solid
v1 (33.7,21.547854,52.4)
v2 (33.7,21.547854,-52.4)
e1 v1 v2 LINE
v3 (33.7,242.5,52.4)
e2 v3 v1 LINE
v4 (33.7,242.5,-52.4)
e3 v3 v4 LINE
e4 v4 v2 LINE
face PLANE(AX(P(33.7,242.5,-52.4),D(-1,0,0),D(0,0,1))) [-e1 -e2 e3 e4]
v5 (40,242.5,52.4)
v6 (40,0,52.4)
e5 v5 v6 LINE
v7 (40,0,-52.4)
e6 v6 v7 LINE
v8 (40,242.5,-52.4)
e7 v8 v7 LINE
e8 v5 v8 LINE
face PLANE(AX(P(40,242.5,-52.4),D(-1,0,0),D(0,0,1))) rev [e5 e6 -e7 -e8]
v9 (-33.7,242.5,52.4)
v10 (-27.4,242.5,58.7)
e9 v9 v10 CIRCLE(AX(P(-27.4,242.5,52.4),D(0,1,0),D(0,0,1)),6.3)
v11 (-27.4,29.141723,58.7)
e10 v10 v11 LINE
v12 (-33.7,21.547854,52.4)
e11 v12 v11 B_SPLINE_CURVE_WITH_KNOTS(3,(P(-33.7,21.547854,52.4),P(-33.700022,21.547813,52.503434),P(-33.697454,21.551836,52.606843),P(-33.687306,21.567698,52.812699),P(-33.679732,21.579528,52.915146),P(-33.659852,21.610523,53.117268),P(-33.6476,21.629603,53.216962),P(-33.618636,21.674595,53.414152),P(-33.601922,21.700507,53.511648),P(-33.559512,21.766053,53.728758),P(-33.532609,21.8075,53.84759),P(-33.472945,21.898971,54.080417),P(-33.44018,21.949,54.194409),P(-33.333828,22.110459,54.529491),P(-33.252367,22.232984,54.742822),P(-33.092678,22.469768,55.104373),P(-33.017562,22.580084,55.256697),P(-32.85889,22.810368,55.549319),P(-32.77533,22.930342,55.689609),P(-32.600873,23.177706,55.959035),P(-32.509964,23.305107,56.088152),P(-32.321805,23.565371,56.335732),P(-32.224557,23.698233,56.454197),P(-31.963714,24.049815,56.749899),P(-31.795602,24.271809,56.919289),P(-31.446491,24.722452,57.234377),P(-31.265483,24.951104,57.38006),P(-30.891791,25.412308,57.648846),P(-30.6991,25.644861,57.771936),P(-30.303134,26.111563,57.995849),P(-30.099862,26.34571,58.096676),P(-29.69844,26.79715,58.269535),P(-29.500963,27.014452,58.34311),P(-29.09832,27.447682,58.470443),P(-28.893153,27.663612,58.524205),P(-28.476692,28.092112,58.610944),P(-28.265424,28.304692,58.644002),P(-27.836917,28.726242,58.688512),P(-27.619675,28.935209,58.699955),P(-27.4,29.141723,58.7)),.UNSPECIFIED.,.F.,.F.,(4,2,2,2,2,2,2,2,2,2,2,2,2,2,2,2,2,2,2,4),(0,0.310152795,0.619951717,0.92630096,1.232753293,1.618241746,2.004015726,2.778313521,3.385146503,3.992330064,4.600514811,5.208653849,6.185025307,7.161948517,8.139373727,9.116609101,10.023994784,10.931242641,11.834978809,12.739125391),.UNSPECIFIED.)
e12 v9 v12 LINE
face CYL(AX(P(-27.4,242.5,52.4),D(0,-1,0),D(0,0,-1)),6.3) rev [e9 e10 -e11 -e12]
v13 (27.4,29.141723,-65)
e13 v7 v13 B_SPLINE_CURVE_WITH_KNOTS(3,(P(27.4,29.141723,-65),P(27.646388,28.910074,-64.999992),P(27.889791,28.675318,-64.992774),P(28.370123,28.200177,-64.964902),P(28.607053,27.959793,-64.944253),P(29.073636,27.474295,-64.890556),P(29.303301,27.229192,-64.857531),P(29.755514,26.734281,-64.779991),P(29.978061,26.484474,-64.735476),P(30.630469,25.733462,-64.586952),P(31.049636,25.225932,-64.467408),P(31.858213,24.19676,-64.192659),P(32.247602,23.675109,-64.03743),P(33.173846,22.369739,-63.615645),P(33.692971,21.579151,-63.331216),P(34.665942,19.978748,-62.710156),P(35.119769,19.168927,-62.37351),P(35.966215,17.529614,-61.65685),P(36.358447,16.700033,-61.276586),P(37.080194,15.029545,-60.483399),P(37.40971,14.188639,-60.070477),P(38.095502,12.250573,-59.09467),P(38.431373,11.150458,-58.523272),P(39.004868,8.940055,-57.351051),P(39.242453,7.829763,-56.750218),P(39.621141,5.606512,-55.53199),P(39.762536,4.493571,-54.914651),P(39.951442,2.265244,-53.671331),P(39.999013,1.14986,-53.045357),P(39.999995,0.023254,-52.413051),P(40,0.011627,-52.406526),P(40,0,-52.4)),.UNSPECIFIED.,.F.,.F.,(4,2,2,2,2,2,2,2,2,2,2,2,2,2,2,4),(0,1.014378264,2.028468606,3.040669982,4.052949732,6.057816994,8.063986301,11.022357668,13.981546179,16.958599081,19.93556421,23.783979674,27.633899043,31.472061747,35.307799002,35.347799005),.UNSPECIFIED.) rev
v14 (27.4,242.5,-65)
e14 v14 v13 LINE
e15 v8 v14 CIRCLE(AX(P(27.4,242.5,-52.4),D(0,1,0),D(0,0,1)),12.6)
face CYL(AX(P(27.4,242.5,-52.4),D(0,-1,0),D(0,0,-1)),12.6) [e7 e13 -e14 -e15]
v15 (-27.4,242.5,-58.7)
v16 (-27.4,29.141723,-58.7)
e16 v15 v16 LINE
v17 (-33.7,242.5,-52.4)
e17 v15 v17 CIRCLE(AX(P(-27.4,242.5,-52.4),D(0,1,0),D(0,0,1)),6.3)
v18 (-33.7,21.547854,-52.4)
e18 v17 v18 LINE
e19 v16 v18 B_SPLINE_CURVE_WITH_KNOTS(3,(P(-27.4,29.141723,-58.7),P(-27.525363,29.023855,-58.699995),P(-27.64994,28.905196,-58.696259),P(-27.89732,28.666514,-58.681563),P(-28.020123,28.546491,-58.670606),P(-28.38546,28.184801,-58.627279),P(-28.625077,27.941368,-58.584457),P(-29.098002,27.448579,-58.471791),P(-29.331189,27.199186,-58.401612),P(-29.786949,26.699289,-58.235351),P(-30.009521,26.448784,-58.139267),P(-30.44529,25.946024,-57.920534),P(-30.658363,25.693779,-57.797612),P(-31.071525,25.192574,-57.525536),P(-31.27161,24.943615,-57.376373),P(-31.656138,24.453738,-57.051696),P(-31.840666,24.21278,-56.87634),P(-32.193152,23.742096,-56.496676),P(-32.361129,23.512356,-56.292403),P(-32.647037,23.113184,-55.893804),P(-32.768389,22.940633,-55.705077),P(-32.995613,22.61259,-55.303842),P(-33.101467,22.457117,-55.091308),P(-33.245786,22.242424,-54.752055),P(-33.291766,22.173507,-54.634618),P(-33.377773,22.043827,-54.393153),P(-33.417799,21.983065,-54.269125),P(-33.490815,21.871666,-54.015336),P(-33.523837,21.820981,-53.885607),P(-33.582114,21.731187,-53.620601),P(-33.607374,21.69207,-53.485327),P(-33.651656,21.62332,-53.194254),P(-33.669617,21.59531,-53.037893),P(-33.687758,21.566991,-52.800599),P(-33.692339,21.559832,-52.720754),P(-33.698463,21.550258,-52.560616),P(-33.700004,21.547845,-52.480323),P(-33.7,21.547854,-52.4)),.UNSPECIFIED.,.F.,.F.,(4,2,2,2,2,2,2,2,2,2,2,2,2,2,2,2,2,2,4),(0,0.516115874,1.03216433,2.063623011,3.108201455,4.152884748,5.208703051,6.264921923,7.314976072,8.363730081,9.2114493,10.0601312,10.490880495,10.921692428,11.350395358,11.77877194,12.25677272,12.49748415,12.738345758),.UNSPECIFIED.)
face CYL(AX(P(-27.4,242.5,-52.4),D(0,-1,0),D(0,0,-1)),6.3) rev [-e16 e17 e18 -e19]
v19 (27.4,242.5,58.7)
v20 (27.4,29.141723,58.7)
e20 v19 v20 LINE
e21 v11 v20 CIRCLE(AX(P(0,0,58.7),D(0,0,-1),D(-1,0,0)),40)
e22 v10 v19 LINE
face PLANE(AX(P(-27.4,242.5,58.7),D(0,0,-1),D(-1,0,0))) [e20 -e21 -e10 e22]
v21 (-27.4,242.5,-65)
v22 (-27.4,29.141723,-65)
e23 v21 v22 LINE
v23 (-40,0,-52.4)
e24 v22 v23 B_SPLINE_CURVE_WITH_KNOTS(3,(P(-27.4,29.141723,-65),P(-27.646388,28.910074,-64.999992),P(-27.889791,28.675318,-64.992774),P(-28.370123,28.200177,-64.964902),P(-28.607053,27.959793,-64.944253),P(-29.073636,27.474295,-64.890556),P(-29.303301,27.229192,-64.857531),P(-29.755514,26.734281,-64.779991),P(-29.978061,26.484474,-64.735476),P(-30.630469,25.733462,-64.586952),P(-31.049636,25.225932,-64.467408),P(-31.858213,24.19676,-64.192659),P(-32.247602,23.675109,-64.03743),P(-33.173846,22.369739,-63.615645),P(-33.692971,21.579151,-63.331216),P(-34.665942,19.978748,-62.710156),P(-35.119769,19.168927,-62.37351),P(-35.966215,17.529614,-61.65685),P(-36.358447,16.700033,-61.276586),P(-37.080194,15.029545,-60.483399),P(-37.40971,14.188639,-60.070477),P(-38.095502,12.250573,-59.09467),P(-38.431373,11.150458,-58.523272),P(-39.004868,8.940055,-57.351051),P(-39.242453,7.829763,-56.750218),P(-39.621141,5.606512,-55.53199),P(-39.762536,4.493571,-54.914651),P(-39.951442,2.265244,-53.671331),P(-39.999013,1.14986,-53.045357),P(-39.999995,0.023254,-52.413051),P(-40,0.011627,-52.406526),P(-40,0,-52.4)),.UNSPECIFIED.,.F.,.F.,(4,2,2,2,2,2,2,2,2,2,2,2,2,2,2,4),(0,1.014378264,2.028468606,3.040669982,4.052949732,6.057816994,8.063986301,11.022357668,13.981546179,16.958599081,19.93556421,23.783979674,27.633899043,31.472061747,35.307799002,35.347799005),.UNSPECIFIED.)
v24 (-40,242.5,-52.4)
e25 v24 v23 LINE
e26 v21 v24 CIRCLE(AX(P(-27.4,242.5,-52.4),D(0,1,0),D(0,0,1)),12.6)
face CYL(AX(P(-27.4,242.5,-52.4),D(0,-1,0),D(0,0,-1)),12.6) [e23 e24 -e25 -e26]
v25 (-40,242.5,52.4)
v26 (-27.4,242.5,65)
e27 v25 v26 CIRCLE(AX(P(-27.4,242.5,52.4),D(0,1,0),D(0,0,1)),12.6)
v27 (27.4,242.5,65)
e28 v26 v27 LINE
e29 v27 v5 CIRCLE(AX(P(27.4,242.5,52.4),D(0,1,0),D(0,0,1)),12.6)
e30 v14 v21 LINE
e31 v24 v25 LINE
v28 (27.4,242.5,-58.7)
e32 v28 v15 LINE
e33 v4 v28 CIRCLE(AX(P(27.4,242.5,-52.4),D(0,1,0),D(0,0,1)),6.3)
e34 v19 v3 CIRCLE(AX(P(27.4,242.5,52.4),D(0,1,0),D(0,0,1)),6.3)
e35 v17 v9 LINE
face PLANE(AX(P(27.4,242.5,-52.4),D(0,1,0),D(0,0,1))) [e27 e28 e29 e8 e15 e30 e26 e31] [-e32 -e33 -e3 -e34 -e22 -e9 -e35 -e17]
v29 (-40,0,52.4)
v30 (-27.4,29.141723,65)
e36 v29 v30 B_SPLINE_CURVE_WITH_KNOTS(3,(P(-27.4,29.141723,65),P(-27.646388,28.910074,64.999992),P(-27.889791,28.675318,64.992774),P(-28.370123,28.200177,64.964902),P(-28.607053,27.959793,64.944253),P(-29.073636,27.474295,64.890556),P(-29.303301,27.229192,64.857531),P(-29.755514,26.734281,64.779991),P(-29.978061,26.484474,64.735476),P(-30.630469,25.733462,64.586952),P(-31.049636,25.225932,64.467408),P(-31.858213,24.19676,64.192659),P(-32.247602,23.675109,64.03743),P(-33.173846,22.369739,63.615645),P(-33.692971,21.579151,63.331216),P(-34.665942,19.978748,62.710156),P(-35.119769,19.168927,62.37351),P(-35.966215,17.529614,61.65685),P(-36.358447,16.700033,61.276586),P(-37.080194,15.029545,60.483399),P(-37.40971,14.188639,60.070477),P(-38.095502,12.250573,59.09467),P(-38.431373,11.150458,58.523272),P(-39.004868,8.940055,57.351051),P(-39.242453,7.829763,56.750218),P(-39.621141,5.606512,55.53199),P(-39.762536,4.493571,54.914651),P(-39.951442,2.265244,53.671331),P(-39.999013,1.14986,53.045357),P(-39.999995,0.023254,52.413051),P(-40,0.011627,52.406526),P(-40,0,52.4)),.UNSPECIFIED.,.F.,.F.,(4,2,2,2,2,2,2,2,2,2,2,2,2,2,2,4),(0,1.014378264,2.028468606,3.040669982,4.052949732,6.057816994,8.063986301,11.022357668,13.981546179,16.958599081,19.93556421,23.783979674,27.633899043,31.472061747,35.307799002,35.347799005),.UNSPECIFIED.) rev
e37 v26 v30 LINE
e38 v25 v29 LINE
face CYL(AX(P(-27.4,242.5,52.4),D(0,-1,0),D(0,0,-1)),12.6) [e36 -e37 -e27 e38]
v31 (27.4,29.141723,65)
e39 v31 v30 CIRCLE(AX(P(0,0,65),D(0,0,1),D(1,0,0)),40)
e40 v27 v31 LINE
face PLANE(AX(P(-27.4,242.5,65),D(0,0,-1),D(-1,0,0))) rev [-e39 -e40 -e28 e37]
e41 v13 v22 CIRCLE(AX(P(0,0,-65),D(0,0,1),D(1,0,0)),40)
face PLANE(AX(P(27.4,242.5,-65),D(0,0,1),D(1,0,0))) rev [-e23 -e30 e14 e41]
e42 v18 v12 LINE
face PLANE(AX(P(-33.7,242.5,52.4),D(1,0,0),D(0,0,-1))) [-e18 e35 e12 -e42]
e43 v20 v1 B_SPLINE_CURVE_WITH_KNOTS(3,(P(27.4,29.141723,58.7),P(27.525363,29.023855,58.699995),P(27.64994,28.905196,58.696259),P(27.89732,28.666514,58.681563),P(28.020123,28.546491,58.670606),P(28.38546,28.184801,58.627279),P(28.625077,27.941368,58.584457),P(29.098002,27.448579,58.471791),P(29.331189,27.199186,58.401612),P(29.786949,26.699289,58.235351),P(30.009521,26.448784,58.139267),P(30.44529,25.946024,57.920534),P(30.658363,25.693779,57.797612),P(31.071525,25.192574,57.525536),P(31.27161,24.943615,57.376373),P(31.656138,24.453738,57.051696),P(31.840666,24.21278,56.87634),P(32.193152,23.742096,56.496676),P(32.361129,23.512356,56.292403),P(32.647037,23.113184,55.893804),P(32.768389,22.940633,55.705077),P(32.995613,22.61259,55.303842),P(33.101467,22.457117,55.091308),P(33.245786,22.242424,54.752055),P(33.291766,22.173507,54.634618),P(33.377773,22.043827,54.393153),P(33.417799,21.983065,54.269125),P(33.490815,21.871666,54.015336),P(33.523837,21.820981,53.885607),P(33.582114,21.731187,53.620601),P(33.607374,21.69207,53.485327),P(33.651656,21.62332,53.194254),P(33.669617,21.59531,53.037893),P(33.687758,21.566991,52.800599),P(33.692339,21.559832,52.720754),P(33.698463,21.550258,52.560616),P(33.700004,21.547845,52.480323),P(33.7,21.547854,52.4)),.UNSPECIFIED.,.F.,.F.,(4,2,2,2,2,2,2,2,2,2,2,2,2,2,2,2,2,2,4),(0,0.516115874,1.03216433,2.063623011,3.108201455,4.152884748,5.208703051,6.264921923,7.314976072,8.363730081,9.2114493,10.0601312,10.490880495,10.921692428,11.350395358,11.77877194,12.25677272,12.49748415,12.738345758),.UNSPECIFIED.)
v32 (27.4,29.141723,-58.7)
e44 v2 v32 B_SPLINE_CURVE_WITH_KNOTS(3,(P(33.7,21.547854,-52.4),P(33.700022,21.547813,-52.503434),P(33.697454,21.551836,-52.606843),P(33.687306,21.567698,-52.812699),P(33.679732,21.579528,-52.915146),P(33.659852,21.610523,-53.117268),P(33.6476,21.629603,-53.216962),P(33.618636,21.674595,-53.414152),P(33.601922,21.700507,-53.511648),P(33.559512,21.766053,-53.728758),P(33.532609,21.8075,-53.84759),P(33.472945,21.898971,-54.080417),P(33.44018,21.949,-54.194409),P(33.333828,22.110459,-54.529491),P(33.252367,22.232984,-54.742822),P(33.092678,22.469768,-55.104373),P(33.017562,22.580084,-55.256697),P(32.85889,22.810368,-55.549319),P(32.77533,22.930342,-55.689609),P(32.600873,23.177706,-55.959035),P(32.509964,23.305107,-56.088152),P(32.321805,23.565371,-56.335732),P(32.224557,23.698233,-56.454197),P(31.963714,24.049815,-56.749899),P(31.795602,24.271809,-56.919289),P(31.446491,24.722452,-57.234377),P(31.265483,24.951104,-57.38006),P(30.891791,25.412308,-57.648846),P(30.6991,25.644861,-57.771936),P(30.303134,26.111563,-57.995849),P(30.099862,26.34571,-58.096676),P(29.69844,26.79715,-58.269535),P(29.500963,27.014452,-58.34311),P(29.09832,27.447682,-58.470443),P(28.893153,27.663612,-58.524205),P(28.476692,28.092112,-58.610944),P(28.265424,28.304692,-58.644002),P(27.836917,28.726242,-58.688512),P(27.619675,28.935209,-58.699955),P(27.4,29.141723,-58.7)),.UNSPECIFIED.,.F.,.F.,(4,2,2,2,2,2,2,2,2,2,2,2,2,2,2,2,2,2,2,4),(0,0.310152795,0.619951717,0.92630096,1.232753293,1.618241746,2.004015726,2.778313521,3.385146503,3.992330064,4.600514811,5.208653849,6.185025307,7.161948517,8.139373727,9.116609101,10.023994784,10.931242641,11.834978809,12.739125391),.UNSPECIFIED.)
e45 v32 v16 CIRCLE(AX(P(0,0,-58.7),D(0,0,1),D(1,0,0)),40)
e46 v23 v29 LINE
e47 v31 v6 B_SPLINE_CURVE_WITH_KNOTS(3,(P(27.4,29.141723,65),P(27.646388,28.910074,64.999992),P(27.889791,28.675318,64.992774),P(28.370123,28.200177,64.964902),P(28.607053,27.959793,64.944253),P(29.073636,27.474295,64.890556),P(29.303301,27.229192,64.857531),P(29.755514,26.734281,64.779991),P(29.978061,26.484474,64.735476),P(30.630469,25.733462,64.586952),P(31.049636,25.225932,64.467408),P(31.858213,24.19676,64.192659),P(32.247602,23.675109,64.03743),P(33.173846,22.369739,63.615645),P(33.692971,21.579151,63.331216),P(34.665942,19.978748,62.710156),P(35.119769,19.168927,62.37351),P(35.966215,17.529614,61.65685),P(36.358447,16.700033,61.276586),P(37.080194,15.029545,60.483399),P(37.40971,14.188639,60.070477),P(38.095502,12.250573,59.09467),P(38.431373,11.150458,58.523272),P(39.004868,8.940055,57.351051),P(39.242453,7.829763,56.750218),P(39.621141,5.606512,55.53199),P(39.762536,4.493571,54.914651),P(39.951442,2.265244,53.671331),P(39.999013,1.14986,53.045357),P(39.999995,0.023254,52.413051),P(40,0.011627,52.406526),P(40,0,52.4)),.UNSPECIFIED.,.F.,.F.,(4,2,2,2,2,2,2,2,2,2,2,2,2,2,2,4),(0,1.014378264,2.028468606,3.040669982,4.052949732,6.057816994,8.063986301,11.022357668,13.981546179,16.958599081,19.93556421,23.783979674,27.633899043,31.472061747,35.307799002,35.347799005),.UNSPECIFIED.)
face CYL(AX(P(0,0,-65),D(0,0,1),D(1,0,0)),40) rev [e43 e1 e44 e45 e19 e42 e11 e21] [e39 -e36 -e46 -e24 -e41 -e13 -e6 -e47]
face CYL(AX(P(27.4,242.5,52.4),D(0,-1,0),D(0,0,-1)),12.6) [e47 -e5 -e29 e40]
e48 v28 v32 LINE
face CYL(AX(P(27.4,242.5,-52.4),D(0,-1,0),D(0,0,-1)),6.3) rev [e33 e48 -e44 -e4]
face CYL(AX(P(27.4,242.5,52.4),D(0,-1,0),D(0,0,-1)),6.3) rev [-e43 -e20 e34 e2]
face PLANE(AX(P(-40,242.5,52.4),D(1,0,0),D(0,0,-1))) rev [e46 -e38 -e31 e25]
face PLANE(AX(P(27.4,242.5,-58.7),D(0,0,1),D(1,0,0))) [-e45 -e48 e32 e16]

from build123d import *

# Parameters (mm, degrees)
AUFSATZ_LINEAR_AUSTRAGEN1_DEPTH      = 242.5
SCHNITT_LINEAR_AUSTRAGEN1_DEPTH      = 255.22676885017438
SCHNITT_LINEAR_AUSTRAGEN1_DEPTH_BACK = 255.22676885017438
SKIZZE2_R                            = 40


with BuildPart() as part:
    # Skizze1 → Aufsatz-Linear austragen1 (new body)
    with BuildSketch(Plane(origin=(0, 0, 0), x_dir=(1, 0, 0), z_dir=(0, 1, 0))):
        with BuildLine():
            Line((-27.399999999999988, -65), (27.400000000000016, -65.00000000000001))
            ThreePointArc((27.400000000000016, -65.00000000000001), (36.30954544295052, -61.30954544295051), (40.00000000000002, -52.400000000000006))
            Line((40.00000000000002, -52.400000000000006), (40, 52.400000000000006))
            ThreePointArc((40, 52.400000000000006), (36.309545442950494, 61.30954544295051), (27.4, 65))
            Line((27.4, 65), (-27.399999999999995, 64.99999999999997))
            ThreePointArc((-27.399999999999995, 64.99999999999997), (-36.30954544295047, 61.30954544295047), (-39.99999999999999, 52.39999999999999))
            Line((-39.99999999999999, 52.39999999999999), (-39.999999999999986, -52.400000000000006))
            ThreePointArc((-39.999999999999986, -52.400000000000006), (-36.30954544295049, -61.3095454429505), (-27.399999999999988, -65))
        make_face()
        with BuildLine():
            Line((-27.39999999999999, -58.7), (27.400000000000016, -58.7))
            ThreePointArc((27.400000000000016, -58.7), (31.854772721475264, -56.85477272147525), (33.70000000000002, -52.400000000000006))
            Line((33.70000000000002, -52.400000000000006), (33.7, 52.400000000000006))
            ThreePointArc((33.7, 52.400000000000006), (31.854772721475253, 56.85477272147526), (27.400000000000002, 58.7))
            Line((27.400000000000002, 58.7), (-27.39999999999999, 58.7))
            ThreePointArc((-27.39999999999999, 58.7), (-31.854772721475243, 56.85477272147526), (-33.69999999999999, 52.400000000000006))
            Line((-33.69999999999999, 52.400000000000006), (-33.69999999999999, -52.400000000000006))
            ThreePointArc((-33.69999999999999, -52.400000000000006), (-31.85477272147524, -56.85477272147525), (-27.39999999999999, -58.7))
        make_face(mode=Mode.SUBTRACT)
    extrude(amount=AUFSATZ_LINEAR_AUSTRAGEN1_DEPTH)

    # Skizze2 → Schnitt-Linear austragen1 (cut, two sides: drawn at the far end of the back side and taken through both)
    with BuildSketch(Plane.XY.offset(-SCHNITT_LINEAR_AUSTRAGEN1_DEPTH_BACK)):
        Circle(SKIZZE2_R)
    extrude(amount=SCHNITT_LINEAR_AUSTRAGEN1_DEPTH + SCHNITT_LINEAR_AUSTRAGEN1_DEPTH_BACK, mode=Mode.SUBTRACT)


solid = part.part
